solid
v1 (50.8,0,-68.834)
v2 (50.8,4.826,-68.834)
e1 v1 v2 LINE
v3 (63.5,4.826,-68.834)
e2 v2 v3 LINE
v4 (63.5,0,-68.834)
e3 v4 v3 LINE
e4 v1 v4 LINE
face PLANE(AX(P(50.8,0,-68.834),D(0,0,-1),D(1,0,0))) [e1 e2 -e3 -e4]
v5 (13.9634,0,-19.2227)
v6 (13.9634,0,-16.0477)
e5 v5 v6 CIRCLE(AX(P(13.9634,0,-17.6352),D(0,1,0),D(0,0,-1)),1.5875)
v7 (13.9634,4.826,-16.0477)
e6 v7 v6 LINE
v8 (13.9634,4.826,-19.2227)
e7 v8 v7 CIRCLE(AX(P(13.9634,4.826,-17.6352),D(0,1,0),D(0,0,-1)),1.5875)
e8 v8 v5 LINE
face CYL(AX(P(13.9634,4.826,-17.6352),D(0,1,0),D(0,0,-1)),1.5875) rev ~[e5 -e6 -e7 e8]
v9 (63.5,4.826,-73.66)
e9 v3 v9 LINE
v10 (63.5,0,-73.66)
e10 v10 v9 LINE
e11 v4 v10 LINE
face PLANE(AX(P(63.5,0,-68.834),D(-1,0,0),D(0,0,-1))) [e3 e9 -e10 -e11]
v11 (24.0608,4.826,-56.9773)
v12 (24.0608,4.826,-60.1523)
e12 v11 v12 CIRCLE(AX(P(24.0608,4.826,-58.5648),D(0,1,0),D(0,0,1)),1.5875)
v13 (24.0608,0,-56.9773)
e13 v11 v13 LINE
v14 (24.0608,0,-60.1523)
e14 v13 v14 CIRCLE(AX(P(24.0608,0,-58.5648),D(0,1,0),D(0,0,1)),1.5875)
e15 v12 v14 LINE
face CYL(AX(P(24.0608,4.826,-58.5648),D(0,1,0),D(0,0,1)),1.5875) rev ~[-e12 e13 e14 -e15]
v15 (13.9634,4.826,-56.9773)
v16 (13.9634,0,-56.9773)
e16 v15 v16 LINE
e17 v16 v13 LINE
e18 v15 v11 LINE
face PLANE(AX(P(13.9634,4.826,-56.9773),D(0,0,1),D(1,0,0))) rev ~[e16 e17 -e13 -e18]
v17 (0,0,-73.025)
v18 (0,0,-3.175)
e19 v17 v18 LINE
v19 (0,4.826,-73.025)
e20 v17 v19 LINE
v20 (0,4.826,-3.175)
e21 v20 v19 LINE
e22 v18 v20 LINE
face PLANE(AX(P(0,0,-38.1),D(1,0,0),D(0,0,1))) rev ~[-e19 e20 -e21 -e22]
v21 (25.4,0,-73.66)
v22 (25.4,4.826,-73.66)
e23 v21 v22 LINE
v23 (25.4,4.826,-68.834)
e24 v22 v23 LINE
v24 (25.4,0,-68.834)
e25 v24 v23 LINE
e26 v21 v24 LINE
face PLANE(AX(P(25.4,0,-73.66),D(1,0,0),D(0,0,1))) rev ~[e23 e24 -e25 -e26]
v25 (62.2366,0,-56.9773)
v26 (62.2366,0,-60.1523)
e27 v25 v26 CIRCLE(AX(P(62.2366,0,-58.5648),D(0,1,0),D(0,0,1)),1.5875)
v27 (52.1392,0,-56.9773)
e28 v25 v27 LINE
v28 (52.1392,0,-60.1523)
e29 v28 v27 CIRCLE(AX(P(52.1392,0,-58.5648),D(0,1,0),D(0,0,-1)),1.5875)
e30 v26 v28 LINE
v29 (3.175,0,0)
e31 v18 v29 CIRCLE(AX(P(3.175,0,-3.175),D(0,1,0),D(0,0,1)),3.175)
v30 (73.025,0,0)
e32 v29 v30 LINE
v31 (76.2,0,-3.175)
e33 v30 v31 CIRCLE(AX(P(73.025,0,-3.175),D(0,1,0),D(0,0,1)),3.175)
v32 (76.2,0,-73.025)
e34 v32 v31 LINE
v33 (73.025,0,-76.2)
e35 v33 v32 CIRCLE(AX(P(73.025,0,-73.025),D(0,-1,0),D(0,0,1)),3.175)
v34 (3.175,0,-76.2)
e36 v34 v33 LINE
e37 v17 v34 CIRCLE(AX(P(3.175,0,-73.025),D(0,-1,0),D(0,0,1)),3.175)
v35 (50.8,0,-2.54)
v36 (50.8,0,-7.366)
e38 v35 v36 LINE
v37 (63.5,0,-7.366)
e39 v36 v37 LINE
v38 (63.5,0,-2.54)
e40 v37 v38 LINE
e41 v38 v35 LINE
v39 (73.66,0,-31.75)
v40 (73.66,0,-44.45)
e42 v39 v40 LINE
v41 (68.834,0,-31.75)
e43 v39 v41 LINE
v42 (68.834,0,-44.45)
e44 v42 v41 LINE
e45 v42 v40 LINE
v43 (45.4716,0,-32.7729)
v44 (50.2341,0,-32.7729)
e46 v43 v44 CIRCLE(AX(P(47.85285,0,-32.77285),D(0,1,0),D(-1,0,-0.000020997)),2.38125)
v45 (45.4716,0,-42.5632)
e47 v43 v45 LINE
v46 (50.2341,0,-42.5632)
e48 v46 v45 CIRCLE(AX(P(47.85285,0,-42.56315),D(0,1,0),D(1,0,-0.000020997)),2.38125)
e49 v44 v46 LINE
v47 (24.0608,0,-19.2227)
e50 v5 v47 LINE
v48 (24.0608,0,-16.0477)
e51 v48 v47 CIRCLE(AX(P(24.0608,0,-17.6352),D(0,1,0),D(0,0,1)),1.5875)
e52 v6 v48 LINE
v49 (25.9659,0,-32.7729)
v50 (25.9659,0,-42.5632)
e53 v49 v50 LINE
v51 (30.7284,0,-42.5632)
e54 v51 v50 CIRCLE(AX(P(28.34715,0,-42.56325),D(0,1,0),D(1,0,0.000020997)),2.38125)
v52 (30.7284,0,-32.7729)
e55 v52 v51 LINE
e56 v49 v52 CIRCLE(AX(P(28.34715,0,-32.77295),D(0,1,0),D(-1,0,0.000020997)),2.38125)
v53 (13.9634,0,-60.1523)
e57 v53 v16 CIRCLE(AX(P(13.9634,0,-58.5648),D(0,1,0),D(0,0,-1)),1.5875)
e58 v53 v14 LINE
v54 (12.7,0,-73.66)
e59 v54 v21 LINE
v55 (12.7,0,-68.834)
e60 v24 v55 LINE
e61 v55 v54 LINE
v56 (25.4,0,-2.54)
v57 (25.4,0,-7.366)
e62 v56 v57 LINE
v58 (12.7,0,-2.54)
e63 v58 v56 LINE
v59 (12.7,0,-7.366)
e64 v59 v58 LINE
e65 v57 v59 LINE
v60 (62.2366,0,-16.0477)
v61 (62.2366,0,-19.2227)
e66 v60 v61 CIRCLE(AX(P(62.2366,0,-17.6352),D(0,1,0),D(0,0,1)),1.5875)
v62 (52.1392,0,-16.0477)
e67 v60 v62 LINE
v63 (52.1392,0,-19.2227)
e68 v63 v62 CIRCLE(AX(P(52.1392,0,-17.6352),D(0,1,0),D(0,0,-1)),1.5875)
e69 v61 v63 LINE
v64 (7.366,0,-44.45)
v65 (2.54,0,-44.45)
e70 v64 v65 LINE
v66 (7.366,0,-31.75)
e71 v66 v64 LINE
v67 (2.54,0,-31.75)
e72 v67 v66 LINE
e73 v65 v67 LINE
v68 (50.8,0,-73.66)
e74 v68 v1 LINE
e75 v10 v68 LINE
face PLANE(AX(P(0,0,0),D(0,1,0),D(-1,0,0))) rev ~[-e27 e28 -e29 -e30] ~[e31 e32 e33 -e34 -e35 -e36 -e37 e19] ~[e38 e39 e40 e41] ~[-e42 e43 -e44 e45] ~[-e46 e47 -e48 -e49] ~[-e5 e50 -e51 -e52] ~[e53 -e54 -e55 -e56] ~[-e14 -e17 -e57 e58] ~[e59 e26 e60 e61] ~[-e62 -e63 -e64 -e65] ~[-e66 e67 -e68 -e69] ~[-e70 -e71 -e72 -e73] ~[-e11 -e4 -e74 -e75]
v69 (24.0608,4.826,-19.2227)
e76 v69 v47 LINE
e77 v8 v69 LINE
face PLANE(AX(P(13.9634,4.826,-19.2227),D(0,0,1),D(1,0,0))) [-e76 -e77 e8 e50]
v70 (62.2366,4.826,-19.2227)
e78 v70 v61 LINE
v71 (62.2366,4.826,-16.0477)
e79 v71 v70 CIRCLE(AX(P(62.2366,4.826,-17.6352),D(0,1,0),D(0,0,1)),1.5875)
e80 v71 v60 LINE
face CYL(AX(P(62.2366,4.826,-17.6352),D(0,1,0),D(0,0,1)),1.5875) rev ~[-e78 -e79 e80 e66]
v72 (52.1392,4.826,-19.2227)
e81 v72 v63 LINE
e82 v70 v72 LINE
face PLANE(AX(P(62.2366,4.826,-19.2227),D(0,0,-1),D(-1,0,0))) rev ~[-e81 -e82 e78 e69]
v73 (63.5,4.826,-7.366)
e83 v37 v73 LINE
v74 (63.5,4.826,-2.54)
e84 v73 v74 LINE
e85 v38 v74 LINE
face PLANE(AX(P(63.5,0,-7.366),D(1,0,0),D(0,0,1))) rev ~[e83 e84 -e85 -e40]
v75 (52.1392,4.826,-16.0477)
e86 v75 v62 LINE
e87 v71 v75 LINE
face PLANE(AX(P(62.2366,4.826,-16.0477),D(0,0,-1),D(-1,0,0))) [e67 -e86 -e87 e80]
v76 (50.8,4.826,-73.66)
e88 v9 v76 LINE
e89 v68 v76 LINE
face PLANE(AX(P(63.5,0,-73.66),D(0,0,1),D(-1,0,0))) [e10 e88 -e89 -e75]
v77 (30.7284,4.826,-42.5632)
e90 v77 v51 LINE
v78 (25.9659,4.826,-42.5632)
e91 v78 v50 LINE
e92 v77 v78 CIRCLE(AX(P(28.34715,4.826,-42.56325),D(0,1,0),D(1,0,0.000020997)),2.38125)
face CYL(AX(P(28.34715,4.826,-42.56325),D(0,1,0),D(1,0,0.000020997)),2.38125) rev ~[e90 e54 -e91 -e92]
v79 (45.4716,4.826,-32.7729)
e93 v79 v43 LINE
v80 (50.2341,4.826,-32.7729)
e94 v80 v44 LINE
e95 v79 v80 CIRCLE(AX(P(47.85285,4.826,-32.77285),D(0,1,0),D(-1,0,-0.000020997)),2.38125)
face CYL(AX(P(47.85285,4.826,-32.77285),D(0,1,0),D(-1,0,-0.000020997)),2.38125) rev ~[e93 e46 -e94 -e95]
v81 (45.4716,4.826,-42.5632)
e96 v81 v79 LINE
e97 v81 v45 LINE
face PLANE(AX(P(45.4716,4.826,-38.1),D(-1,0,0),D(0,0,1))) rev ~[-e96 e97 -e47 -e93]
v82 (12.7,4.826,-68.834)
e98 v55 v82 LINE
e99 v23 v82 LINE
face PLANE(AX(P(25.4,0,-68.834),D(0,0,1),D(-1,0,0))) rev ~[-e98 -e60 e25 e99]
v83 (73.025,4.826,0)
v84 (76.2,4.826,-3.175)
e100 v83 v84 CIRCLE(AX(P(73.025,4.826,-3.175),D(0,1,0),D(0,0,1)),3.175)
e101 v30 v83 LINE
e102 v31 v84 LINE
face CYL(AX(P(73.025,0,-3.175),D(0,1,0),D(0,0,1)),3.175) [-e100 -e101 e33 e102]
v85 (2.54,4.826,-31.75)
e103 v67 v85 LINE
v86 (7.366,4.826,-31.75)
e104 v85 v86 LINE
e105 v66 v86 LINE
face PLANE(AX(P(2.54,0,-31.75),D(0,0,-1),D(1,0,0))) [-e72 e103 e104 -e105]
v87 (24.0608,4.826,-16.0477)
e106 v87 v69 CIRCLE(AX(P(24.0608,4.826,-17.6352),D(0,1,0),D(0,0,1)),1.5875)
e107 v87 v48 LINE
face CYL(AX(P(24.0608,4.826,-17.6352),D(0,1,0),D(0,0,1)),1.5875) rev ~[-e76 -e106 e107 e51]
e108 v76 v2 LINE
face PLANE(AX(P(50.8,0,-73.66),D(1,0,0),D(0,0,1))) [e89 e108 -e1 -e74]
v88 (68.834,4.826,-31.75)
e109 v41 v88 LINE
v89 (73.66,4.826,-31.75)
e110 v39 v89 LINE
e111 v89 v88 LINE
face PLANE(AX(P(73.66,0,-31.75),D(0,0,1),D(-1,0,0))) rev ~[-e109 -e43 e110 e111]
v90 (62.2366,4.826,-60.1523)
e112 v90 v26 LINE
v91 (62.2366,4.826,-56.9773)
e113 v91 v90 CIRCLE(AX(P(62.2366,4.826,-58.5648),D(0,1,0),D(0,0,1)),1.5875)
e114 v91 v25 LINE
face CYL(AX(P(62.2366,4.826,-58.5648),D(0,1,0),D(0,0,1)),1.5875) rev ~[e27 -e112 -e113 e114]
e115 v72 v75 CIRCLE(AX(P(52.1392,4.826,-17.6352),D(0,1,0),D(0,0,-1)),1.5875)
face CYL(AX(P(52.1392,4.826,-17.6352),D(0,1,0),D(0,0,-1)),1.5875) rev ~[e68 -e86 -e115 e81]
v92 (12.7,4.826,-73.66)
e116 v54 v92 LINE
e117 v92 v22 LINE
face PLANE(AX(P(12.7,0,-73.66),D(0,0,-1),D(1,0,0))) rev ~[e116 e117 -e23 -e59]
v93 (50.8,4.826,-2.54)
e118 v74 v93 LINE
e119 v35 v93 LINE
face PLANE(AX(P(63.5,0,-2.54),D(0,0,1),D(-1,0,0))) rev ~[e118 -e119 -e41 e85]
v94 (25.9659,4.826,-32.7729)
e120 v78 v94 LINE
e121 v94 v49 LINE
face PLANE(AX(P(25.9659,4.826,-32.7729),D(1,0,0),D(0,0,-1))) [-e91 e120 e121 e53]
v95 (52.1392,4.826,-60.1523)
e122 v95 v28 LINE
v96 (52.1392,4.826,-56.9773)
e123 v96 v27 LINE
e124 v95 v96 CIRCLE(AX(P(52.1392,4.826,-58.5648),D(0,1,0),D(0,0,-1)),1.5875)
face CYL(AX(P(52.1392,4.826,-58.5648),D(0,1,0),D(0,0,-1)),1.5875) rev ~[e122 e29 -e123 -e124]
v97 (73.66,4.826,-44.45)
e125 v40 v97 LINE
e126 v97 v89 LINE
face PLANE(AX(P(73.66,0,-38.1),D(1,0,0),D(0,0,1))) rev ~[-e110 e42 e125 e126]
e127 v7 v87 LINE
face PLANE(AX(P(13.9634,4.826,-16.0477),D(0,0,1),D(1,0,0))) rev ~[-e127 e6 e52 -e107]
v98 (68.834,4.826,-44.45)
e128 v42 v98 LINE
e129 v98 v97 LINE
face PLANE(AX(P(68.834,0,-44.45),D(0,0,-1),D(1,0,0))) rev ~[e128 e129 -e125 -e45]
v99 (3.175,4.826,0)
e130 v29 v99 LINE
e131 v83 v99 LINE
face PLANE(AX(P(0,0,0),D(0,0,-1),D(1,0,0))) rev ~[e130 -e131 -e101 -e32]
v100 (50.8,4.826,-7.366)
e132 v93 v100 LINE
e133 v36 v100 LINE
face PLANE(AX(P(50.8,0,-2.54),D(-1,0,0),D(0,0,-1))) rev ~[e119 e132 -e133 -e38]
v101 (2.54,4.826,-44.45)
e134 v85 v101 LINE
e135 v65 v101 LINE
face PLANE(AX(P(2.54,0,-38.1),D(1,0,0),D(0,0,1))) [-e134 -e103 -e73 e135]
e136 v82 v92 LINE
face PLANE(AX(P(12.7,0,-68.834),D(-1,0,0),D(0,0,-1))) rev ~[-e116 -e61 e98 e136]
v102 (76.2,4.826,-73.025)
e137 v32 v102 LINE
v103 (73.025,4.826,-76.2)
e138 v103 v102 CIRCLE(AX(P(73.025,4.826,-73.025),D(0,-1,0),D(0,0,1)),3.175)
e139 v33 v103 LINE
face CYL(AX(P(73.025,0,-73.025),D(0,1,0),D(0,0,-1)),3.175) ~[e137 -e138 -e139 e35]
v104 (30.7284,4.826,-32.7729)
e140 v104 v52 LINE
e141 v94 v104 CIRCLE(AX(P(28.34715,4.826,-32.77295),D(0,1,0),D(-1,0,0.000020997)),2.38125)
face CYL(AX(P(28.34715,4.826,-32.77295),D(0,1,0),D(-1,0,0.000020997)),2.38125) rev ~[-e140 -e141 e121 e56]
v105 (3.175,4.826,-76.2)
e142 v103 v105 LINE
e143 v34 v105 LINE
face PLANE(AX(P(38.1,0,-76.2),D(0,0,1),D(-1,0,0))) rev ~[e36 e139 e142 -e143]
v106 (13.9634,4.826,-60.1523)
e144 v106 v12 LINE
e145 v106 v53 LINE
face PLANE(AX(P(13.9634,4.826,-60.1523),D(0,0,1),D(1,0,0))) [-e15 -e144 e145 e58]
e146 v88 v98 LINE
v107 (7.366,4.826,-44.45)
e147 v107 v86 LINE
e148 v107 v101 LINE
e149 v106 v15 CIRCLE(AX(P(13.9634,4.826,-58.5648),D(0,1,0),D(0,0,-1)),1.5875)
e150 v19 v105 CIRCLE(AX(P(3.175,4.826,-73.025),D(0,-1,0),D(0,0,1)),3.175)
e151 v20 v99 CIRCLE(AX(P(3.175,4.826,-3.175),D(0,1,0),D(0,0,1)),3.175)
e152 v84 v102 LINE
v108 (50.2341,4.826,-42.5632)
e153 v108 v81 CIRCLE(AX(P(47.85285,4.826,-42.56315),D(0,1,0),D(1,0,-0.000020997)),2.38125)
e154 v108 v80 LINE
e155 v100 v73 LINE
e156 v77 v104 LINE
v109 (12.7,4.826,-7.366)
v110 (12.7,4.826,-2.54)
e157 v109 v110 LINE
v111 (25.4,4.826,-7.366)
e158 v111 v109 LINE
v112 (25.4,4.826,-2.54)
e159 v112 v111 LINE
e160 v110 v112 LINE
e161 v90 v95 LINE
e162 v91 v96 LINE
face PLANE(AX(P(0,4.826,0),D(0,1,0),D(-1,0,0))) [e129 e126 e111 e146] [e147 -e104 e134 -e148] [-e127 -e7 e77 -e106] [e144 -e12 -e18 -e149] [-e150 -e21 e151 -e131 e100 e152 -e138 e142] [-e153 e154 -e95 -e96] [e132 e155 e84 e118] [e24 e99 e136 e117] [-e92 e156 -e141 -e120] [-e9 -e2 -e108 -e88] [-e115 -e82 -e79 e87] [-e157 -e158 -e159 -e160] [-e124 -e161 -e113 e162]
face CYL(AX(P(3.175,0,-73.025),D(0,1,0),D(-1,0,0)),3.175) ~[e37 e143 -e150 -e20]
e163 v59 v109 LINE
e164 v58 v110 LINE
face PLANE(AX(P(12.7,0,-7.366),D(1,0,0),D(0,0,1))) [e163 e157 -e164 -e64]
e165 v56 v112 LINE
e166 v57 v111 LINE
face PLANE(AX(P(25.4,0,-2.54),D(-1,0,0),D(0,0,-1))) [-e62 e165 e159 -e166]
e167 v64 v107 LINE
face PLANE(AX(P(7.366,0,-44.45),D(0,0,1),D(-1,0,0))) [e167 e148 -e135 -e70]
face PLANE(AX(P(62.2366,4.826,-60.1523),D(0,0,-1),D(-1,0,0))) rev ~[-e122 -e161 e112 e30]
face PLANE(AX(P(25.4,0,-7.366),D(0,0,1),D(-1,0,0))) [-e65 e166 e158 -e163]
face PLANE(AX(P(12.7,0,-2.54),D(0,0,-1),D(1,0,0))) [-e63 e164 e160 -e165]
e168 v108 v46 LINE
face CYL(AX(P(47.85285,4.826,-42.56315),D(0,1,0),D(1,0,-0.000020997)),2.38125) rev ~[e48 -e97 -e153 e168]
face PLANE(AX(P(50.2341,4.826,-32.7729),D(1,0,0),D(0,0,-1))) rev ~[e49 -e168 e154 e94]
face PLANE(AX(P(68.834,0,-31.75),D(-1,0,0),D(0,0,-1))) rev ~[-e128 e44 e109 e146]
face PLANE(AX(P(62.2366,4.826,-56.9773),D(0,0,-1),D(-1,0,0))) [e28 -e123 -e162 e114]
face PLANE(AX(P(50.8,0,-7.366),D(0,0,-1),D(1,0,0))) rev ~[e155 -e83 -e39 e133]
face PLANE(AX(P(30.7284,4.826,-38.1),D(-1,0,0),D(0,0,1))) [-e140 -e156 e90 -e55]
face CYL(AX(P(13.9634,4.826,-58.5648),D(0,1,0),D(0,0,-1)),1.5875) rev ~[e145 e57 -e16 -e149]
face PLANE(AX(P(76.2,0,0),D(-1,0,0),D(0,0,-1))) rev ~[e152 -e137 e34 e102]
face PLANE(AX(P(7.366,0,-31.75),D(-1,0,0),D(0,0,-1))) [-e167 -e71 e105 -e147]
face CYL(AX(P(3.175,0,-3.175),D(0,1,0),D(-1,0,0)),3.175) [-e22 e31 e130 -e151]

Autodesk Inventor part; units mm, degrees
ref_plane "YZ Plane" through (0, 0, 0) normal (1, 0, 0) x (0, 1, 0)
ref_plane "XZ Plane" through (0, 0, 0) normal (0, 1, 0) x (-1, 0, 0)
ref_plane "XY Plane" through (0, 0, 0) normal (0, 0, 1) x (1, 0, 0)
sketch "Sketch1" plane through (0, 0, 0) normal (0, 1, 0) x (-1, 0, 0)
  line L0 (0, 0) -> (-76.2, 0)
  line L1 (-76.2, 0) -> (-76.2, -76.2)
  line L2 (-76.2, -76.2) -> (0, -76.2)
  line L3 (0, -76.2) -> (0, 0)
  line L4 (-12.7, -2.54) -> (-25.4, -2.54)
  line L5 (-25.4, -2.54) -> (-25.4, -7.366)
  line L6 (-25.4, -7.366) -> (-12.7, -7.366)
  line L7 (-12.7, -7.366) -> (-12.7, -2.54)
  line L8 (-38.1, 0) -> (-38.1, -76.2)
  line L9 (0, -38.1) -> (-76.2, -38.1)
  line L10 (-12.7, -73.66) -> (-25.4, -73.66)
  line L11 (-25.4, -73.66) -> (-25.4, -68.834)
  line L12 (-25.4, -68.834) -> (-12.7, -68.834)
  line L13 (-12.7, -68.834) -> (-12.7, -73.66)
  line L14 (-63.5, -2.54) -> (-50.8, -2.54)
  line L15 (-50.8, -2.54) -> (-50.8, -7.366)
  line L16 (-50.8, -7.366) -> (-63.5, -7.366)
  line L17 (-63.5, -7.366) -> (-63.5, -2.54)
  line L18 (-63.5, -73.66) -> (-50.8, -73.66)
  line L19 (-50.8, -73.66) -> (-50.8, -68.834)
  line L20 (-50.8, -68.834) -> (-63.5, -68.834)
  line L21 (-63.5, -68.834) -> (-63.5, -73.66)
  line L22 (-68.834, -31.75) -> (-68.834, -44.45)
  line L23 (-68.834, -44.45) -> (-73.66, -44.45)
  line L24 (-73.66, -31.75) -> (-68.834, -31.75)
  line L25 (-73.66, -44.45) -> (-73.66, -31.75)
  line L26 (-7.366, -44.45) -> (-2.54, -44.45)
  line L27 (-7.366, -31.75) -> (-7.366, -44.45)
  line L28 (-2.54, -44.45) -> (-2.54, -31.75)
  line L29 (-2.54, -31.75) -> (-7.366, -31.75)
  dimension "d0" = 76.2
  dimension "d1" = 76.2
  dimension "d2" = 12.7
  dimension "d3" = 4.826
  dimension "d4" = 2.54
  dimension "d5" = 12.7
  dimension "d6" = 31.75
  dimension "d7" = 2.54
  dimension "d8" = 4.826
  dimension "d9" = 12.7
extrude "Extrusion1" add sketch "Sketch1" along normal blind 4.826 contours L3 L9 L28 L29 L27 L8 L0 | L8 L9 L22 L24 L25 L1 L0 | L3 L2 L8 L9 L27 L26 L28 | L8 L2 L1 L9 L25 L23 L22
sketch "Sketch3" plane through (0, 4.826, 0) normal (0, 1, 0) x (1, 0, 0)
  arc A0 (62.2366, 56.9773) -> (62.2366, 60.1523) centre (62.2366, 58.5648) ccw
  arc A1 (52.1392, 60.1523) -> (52.1392, 56.9773) centre (52.1392, 58.5648) ccw
  line L0 (62.2366, 60.1523) -> (52.1392, 60.1523)
  line L1 (62.2366, 56.9773) -> (52.1392, 56.9773)
  line L2 (76.2, 0) -> (76.2, 76.2) projected
  line L3 (76.2, 38.1) -> (0, 38.1)
  line L4 (0, 76.2) -> (0, 0) projected
  line L5 (76.2, 76.2) -> (0, 76.2) projected
  line L6 (38.1, 76.2) -> (38.1, 0)
  arc A2 (62.2366, 16.0477) -> (62.2366, 19.2227) centre (62.2366, 17.6352) ccw
  arc A3 (52.1392, 19.2227) -> (52.1392, 16.0477) centre (52.1392, 17.6352) ccw
  line L7 (62.2366, 16.0477) -> (52.1392, 16.0477)
  line L8 (62.2366, 19.2227) -> (52.1392, 19.2227)
  arc A4 (13.9634, 60.1523) -> (13.9634, 56.9773) centre (13.9634, 58.5648) ccw
  arc A5 (24.0608, 56.9773) -> (24.0608, 60.1523) centre (24.0608, 58.5648) ccw
  line L9 (13.9634, 60.1523) -> (24.0608, 60.1523)
  line L10 (13.9634, 56.9773) -> (24.0608, 56.9773)
  arc A6 (13.9634, 19.2227) -> (13.9634, 16.0477) centre (13.9634, 17.6352) ccw
  arc A7 (24.0608, 16.0477) -> (24.0608, 19.2227) centre (24.0608, 17.6352) ccw
  line L11 (13.9634, 16.0477) -> (24.0608, 16.0477)
  line L12 (13.9634, 19.2227) -> (24.0608, 19.2227)
  arc A8 (25.9659, 32.7729) -> (30.7284, 32.7729) centre (28.3471, 32.7729) ccw
  arc A9 (30.7284, 42.5632) -> (25.9659, 42.5632) centre (28.3471, 42.5632) ccw
  line L13 (25.9659, 32.7729) -> (25.9659, 42.5632)
  line L14 (30.7284, 42.5632) -> (30.7284, 32.7729)
  arc A10 (45.4716, 32.7729) -> (50.2341, 32.7729) centre (47.8529, 32.7729) ccw
  arc A11 (50.2341, 42.5632) -> (45.4716, 42.5632) centre (47.8529, 42.5632) ccw
  line L15 (50.2341, 32.7729) -> (50.2341, 42.5632)
  line L16 (45.4716, 42.5632) -> (45.4716, 32.7729)
  dimension "d12" = 3.175
  dimension "d13" = 3.175
  dimension "d16" = 4.7625
  dimension "d17" = 4.7625
extrude "Extrusion3" cut sketch "Sketch3" against normal blind 4.826 contours L1 A1 L0 A0 | L15 A10 L16 L3 | L3 L16 A11 L15 | L14 A8 L13 L3 | L3 L13 A9 L14 | L7 A3 L8 A2 | L9 A5 L10 A4 | L12 A7 L11 A6
fillet "Fillet1" radius 3.175 4 edges at (76.2, 2.413, 0) (76.2, 2.413, -76.2) (0, 2.413, 0) (0, 2.413, -76.2)
properties part number "bottom"
